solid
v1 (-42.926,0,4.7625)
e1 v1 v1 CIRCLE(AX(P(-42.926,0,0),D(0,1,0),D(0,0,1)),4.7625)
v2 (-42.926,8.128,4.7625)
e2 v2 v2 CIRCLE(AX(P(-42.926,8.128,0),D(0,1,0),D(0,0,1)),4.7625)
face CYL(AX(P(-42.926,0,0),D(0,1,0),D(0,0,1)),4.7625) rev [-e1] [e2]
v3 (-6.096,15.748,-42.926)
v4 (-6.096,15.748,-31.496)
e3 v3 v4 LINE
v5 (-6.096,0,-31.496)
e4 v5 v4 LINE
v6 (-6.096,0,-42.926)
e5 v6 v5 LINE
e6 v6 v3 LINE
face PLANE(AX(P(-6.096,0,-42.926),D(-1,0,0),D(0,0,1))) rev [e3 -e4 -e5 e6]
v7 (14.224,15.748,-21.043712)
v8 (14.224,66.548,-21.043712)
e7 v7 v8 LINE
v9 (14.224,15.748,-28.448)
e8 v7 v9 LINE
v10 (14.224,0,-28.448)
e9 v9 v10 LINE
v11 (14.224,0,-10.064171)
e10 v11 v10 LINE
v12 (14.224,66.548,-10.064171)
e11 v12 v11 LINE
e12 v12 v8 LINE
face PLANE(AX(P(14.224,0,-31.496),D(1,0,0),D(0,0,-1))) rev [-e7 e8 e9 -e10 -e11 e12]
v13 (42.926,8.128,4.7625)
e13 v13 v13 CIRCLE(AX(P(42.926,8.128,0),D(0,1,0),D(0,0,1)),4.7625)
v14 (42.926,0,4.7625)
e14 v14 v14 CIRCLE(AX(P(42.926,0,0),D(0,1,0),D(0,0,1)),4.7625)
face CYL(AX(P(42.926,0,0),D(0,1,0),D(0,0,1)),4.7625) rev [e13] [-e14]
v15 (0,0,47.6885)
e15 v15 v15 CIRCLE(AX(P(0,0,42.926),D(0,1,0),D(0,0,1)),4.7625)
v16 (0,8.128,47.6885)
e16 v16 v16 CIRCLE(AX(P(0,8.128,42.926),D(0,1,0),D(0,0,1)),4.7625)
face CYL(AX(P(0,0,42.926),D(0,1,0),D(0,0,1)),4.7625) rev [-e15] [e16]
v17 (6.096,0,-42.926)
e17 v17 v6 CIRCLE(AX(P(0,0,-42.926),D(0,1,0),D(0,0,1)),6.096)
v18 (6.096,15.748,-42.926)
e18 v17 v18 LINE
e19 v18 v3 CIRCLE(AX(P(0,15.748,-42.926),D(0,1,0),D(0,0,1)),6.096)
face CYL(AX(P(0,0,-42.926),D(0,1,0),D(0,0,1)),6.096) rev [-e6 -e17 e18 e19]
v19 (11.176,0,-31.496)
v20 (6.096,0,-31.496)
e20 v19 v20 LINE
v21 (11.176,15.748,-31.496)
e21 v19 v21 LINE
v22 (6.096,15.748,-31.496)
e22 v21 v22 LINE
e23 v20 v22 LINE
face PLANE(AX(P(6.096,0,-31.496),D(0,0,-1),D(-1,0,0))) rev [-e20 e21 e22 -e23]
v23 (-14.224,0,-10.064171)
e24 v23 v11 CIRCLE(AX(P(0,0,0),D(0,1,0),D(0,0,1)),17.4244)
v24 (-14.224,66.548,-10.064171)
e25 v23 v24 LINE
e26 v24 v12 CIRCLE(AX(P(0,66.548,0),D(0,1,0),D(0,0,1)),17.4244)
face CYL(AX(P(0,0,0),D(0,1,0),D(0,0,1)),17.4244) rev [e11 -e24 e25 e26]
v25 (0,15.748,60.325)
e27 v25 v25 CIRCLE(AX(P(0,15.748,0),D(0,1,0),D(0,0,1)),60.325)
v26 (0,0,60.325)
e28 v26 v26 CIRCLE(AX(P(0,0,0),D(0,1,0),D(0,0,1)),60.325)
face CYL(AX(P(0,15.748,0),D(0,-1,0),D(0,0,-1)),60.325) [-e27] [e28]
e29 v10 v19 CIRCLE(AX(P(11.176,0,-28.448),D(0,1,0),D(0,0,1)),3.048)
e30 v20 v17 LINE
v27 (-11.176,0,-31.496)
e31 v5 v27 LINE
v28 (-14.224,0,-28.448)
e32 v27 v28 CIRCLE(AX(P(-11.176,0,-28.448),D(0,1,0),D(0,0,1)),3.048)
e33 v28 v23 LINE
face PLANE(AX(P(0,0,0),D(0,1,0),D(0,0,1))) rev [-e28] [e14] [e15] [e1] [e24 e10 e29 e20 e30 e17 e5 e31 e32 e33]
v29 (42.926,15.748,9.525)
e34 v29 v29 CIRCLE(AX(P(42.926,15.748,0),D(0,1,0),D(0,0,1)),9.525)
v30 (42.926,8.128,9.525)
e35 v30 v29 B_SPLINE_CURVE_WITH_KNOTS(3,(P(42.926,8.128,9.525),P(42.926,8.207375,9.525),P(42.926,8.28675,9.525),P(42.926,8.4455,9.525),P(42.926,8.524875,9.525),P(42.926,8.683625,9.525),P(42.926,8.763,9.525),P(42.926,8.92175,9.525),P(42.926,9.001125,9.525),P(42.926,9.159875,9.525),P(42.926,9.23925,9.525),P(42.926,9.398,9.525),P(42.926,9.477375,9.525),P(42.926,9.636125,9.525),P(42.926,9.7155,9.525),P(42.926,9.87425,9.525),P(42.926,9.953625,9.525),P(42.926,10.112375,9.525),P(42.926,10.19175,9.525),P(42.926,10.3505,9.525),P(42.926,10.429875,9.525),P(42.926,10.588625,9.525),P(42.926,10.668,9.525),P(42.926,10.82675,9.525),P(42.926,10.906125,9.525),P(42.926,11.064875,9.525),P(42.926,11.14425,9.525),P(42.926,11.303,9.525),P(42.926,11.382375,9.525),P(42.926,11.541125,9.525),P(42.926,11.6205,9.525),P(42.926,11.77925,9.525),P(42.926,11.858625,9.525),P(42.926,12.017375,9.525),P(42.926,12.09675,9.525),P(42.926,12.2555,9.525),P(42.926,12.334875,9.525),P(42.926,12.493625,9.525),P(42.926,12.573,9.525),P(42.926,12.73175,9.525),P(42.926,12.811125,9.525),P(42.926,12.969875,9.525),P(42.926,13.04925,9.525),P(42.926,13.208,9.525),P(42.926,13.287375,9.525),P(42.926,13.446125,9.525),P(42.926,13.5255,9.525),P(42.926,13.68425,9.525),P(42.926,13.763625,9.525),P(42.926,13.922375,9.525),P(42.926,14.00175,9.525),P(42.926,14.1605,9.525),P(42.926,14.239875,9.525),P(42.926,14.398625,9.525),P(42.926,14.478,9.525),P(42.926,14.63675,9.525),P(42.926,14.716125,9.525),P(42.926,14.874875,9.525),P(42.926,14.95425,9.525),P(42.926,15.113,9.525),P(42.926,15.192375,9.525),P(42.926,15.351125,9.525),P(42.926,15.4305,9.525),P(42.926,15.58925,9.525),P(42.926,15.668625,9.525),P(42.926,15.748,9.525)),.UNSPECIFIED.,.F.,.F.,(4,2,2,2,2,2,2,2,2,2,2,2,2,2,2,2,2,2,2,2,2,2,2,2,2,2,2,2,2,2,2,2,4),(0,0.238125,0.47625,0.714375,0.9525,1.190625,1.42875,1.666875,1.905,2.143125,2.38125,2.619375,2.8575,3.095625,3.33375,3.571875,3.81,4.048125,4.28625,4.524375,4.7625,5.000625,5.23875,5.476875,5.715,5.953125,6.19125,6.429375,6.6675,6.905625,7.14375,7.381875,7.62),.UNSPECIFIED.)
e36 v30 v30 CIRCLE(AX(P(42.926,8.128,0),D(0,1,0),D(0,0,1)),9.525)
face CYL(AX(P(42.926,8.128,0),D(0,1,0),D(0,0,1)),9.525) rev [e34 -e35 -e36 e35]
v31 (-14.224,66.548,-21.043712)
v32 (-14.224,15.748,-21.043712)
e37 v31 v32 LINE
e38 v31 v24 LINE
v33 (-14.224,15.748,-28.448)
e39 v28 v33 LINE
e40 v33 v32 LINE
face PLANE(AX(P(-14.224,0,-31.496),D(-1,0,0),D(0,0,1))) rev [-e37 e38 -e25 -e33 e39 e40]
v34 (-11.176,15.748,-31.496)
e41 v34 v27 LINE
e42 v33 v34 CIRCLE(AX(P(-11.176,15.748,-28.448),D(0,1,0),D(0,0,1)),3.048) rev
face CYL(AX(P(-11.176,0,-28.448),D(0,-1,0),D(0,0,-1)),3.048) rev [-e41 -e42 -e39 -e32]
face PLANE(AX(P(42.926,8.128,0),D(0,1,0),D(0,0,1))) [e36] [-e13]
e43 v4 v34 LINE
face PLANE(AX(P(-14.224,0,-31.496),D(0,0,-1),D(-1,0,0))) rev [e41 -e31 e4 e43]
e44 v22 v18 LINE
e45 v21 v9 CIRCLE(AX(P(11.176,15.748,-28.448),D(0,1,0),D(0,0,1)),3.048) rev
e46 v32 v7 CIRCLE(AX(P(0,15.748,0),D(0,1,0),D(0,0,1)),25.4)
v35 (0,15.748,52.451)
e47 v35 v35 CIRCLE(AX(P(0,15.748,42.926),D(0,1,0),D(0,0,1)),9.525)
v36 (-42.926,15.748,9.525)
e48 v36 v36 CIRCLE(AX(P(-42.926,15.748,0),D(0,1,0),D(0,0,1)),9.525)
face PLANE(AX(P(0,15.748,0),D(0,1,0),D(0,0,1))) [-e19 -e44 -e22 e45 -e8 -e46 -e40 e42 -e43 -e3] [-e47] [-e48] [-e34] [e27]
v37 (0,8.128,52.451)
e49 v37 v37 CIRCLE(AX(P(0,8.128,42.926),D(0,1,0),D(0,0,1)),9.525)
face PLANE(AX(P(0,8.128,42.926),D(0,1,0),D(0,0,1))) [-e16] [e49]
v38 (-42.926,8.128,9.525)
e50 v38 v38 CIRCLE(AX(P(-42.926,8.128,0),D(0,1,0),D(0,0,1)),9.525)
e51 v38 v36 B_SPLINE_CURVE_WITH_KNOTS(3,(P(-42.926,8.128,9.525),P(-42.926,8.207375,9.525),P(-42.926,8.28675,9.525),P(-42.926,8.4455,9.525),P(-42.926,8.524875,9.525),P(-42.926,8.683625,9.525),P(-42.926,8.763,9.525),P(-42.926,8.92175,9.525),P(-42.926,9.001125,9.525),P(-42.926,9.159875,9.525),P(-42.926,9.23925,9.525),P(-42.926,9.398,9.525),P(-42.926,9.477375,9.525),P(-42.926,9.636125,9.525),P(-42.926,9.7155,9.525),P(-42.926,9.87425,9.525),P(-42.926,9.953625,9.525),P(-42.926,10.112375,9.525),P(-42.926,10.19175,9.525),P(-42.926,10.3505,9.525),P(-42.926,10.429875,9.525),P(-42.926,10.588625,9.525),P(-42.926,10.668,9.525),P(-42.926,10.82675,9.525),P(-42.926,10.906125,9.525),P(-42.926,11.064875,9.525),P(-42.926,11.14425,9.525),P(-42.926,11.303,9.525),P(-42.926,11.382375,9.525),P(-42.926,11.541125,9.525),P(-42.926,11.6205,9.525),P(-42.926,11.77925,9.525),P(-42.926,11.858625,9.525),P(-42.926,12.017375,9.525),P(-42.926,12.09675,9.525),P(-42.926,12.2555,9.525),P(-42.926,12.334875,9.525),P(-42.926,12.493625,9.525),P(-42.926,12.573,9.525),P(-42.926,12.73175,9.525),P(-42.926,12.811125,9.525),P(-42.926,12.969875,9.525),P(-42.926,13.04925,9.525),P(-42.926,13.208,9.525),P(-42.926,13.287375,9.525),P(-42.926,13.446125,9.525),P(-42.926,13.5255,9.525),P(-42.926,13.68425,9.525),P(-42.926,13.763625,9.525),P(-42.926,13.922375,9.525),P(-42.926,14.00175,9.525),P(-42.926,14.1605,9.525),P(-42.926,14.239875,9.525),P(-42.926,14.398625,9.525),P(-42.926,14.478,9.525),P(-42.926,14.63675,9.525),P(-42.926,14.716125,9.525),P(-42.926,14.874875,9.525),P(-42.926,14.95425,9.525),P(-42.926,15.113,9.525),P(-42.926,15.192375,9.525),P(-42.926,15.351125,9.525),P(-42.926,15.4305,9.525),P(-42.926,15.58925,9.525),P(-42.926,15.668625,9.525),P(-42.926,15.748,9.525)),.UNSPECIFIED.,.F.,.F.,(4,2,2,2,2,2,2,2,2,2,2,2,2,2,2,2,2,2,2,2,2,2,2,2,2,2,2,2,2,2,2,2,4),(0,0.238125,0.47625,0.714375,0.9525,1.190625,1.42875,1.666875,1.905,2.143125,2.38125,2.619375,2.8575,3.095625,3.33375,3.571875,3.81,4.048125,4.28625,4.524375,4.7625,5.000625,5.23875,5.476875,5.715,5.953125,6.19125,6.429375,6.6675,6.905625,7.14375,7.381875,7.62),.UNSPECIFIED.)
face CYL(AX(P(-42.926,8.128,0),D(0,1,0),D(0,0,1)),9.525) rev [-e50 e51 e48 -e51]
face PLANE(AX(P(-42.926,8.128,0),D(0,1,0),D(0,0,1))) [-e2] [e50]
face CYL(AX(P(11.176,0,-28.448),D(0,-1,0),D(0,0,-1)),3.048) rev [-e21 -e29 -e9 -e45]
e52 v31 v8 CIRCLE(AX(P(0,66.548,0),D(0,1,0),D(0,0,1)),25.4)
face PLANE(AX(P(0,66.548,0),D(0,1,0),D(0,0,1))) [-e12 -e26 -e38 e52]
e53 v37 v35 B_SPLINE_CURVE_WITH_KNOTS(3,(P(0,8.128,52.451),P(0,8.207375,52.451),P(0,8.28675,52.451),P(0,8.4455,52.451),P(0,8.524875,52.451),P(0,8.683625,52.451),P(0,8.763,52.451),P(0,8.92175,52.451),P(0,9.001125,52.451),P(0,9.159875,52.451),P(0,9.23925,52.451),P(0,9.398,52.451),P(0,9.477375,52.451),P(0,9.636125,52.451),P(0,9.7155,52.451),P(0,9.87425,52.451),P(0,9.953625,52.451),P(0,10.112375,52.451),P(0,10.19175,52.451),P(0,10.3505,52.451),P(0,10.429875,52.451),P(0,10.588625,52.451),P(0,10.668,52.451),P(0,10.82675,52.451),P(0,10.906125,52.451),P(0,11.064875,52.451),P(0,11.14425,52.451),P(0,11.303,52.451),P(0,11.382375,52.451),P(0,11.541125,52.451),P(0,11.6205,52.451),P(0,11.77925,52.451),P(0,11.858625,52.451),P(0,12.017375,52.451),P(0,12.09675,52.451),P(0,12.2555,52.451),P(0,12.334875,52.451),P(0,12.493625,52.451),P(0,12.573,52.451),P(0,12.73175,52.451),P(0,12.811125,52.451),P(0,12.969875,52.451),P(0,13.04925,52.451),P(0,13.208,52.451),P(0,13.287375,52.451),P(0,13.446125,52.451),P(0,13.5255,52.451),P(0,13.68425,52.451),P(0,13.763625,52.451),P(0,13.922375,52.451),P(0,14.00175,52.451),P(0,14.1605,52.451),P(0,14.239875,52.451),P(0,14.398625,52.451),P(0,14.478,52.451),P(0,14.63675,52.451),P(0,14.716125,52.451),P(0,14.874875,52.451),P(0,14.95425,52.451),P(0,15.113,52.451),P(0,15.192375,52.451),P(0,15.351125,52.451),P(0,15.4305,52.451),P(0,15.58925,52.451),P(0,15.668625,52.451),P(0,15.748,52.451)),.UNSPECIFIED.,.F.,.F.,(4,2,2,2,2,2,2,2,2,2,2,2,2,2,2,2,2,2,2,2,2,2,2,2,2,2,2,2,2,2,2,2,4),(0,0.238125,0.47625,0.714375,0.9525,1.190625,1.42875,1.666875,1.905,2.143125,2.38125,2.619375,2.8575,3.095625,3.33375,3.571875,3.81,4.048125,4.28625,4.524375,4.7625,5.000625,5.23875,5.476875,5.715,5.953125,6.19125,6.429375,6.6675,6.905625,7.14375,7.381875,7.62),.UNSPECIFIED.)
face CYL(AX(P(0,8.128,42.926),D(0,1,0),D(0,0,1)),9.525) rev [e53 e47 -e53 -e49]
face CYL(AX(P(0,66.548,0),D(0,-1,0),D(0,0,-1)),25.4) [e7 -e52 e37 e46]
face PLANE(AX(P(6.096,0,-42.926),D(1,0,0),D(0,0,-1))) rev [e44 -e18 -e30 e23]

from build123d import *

# Parameters (mm, degrees)
SKETCH1_R           = 60.325
BOSS_EXTRUDE1_DEPTH = 15.748
SKETCH2_R           = 9.525
CUT_EXTRUDE1_DEPTH  = 7.62
SKETCH3_R           = 4.7625
CUT_EXTRUDE2_DEPTH  = 86.698749314
SKETCH4_R           = 25.4
BOSS_EXTRUDE2_DEPTH = 50.8
SKETCH5_R           = 17.4244
CUT_EXTRUDE3_DEPTH  = 109.198186464
CUT_EXTRUDE4_DEPTH  = 109.198186464
FILLET1_R           = 3.048


with BuildPart() as part:
    # Sketch1 → Boss-Extrude1 (new body)
    with BuildSketch(Plane(origin=(0, 0, 0), x_dir=(1, 0, 0), z_dir=(0, 1, 0))):
        with Locations(Location((0, 0, 0), (0, 0, 270))):
            Circle(SKETCH1_R)
    extrude(amount=BOSS_EXTRUDE1_DEPTH)

    # Sketch2 → Cut-Extrude1 (cut)
    with BuildSketch(Plane(origin=(0, 15.748, 0), x_dir=(1, 0, 0), z_dir=(0, 1, 0))):
        with Locations(Location((0, -42.926, 0), (0, 0, 270))):
            Circle(SKETCH2_R)
        with Locations(Location((42.926, 0, 0), (0, 0, 270))):
            Circle(SKETCH2_R)
        with Locations(Location((-42.926, 0, 0), (0, 0, 270))):
            Circle(SKETCH2_R)
    extrude(amount=-CUT_EXTRUDE1_DEPTH, mode=Mode.SUBTRACT)

    # Sketch3 → Cut-Extrude2 (cut, through all)
    with BuildSketch(Plane(origin=(0, 8.128, 0), x_dir=(1, 0, 0), z_dir=(0, 1, 0))):
        with Locations(Location((-42.926, 0, 0), (0, 0, 270))):
            Circle(SKETCH3_R)
        with Locations(Location((42.926, 0, 0), (0, 0, 270))):
            Circle(SKETCH3_R)
        with Locations(Location((0, -42.926, 0), (0, 0, 270))):
            Circle(SKETCH3_R)
    extrude(amount=-CUT_EXTRUDE2_DEPTH, mode=Mode.SUBTRACT)

    # Sketch4 → Boss-Extrude2 (add)
    with BuildSketch(Plane(origin=(0, 15.748, 0), x_dir=(1, 0, 0), z_dir=(0, 1, 0))):
        with Locations(Location((0, 0, 0), (0, 0, 270))):
            Circle(SKETCH4_R)
    extrude(amount=BOSS_EXTRUDE2_DEPTH)

    # Sketch5 → Cut-Extrude3 (cut, through all)
    with BuildSketch(Plane(origin=(0, 66.548, 0), x_dir=(1, 0, 0), z_dir=(0, 1, 0))):
        with Locations(Location((0, 0, 0), (0, 0, 270))):
            Circle(SKETCH5_R)
    extrude(amount=-CUT_EXTRUDE3_DEPTH, mode=Mode.SUBTRACT)

    # Sketch7 → Cut-Extrude4 (cut, through all)
    with BuildSketch(Plane(origin=(0, 66.548, 0), x_dir=(1, 0, 0), z_dir=(0, 1, 0))):
        with BuildLine():
            Line((-6.096, 42.926), (-6.096, 31.496))
            Line((-6.096, 31.496), (-14.224, 31.496))
            Line((-14.224, 31.496), (-14.224, 0))
            Line((-14.224, 0), (14.224, 0))
            Line((14.224, 0), (14.224, 31.496))
            Line((14.224, 31.496), (6.096, 31.496))
            Line((6.096, 31.496), (6.096, 42.926))
            ThreePointArc((6.096, 42.926), (0, 49.022), (-6.096, 42.926))
        make_face()
    extrude(amount=-CUT_EXTRUDE4_DEPTH, mode=Mode.SUBTRACT)

    # Fillet1
    fillet1_edges = [part.edges().sort_by_distance(p)[0] for p in [
        (14.224, 7.874, -31.496),
        (-14.224, 7.874, -31.496),
    ]]
    fillet(fillet1_edges, radius=FILLET1_R)


solid = part.part
